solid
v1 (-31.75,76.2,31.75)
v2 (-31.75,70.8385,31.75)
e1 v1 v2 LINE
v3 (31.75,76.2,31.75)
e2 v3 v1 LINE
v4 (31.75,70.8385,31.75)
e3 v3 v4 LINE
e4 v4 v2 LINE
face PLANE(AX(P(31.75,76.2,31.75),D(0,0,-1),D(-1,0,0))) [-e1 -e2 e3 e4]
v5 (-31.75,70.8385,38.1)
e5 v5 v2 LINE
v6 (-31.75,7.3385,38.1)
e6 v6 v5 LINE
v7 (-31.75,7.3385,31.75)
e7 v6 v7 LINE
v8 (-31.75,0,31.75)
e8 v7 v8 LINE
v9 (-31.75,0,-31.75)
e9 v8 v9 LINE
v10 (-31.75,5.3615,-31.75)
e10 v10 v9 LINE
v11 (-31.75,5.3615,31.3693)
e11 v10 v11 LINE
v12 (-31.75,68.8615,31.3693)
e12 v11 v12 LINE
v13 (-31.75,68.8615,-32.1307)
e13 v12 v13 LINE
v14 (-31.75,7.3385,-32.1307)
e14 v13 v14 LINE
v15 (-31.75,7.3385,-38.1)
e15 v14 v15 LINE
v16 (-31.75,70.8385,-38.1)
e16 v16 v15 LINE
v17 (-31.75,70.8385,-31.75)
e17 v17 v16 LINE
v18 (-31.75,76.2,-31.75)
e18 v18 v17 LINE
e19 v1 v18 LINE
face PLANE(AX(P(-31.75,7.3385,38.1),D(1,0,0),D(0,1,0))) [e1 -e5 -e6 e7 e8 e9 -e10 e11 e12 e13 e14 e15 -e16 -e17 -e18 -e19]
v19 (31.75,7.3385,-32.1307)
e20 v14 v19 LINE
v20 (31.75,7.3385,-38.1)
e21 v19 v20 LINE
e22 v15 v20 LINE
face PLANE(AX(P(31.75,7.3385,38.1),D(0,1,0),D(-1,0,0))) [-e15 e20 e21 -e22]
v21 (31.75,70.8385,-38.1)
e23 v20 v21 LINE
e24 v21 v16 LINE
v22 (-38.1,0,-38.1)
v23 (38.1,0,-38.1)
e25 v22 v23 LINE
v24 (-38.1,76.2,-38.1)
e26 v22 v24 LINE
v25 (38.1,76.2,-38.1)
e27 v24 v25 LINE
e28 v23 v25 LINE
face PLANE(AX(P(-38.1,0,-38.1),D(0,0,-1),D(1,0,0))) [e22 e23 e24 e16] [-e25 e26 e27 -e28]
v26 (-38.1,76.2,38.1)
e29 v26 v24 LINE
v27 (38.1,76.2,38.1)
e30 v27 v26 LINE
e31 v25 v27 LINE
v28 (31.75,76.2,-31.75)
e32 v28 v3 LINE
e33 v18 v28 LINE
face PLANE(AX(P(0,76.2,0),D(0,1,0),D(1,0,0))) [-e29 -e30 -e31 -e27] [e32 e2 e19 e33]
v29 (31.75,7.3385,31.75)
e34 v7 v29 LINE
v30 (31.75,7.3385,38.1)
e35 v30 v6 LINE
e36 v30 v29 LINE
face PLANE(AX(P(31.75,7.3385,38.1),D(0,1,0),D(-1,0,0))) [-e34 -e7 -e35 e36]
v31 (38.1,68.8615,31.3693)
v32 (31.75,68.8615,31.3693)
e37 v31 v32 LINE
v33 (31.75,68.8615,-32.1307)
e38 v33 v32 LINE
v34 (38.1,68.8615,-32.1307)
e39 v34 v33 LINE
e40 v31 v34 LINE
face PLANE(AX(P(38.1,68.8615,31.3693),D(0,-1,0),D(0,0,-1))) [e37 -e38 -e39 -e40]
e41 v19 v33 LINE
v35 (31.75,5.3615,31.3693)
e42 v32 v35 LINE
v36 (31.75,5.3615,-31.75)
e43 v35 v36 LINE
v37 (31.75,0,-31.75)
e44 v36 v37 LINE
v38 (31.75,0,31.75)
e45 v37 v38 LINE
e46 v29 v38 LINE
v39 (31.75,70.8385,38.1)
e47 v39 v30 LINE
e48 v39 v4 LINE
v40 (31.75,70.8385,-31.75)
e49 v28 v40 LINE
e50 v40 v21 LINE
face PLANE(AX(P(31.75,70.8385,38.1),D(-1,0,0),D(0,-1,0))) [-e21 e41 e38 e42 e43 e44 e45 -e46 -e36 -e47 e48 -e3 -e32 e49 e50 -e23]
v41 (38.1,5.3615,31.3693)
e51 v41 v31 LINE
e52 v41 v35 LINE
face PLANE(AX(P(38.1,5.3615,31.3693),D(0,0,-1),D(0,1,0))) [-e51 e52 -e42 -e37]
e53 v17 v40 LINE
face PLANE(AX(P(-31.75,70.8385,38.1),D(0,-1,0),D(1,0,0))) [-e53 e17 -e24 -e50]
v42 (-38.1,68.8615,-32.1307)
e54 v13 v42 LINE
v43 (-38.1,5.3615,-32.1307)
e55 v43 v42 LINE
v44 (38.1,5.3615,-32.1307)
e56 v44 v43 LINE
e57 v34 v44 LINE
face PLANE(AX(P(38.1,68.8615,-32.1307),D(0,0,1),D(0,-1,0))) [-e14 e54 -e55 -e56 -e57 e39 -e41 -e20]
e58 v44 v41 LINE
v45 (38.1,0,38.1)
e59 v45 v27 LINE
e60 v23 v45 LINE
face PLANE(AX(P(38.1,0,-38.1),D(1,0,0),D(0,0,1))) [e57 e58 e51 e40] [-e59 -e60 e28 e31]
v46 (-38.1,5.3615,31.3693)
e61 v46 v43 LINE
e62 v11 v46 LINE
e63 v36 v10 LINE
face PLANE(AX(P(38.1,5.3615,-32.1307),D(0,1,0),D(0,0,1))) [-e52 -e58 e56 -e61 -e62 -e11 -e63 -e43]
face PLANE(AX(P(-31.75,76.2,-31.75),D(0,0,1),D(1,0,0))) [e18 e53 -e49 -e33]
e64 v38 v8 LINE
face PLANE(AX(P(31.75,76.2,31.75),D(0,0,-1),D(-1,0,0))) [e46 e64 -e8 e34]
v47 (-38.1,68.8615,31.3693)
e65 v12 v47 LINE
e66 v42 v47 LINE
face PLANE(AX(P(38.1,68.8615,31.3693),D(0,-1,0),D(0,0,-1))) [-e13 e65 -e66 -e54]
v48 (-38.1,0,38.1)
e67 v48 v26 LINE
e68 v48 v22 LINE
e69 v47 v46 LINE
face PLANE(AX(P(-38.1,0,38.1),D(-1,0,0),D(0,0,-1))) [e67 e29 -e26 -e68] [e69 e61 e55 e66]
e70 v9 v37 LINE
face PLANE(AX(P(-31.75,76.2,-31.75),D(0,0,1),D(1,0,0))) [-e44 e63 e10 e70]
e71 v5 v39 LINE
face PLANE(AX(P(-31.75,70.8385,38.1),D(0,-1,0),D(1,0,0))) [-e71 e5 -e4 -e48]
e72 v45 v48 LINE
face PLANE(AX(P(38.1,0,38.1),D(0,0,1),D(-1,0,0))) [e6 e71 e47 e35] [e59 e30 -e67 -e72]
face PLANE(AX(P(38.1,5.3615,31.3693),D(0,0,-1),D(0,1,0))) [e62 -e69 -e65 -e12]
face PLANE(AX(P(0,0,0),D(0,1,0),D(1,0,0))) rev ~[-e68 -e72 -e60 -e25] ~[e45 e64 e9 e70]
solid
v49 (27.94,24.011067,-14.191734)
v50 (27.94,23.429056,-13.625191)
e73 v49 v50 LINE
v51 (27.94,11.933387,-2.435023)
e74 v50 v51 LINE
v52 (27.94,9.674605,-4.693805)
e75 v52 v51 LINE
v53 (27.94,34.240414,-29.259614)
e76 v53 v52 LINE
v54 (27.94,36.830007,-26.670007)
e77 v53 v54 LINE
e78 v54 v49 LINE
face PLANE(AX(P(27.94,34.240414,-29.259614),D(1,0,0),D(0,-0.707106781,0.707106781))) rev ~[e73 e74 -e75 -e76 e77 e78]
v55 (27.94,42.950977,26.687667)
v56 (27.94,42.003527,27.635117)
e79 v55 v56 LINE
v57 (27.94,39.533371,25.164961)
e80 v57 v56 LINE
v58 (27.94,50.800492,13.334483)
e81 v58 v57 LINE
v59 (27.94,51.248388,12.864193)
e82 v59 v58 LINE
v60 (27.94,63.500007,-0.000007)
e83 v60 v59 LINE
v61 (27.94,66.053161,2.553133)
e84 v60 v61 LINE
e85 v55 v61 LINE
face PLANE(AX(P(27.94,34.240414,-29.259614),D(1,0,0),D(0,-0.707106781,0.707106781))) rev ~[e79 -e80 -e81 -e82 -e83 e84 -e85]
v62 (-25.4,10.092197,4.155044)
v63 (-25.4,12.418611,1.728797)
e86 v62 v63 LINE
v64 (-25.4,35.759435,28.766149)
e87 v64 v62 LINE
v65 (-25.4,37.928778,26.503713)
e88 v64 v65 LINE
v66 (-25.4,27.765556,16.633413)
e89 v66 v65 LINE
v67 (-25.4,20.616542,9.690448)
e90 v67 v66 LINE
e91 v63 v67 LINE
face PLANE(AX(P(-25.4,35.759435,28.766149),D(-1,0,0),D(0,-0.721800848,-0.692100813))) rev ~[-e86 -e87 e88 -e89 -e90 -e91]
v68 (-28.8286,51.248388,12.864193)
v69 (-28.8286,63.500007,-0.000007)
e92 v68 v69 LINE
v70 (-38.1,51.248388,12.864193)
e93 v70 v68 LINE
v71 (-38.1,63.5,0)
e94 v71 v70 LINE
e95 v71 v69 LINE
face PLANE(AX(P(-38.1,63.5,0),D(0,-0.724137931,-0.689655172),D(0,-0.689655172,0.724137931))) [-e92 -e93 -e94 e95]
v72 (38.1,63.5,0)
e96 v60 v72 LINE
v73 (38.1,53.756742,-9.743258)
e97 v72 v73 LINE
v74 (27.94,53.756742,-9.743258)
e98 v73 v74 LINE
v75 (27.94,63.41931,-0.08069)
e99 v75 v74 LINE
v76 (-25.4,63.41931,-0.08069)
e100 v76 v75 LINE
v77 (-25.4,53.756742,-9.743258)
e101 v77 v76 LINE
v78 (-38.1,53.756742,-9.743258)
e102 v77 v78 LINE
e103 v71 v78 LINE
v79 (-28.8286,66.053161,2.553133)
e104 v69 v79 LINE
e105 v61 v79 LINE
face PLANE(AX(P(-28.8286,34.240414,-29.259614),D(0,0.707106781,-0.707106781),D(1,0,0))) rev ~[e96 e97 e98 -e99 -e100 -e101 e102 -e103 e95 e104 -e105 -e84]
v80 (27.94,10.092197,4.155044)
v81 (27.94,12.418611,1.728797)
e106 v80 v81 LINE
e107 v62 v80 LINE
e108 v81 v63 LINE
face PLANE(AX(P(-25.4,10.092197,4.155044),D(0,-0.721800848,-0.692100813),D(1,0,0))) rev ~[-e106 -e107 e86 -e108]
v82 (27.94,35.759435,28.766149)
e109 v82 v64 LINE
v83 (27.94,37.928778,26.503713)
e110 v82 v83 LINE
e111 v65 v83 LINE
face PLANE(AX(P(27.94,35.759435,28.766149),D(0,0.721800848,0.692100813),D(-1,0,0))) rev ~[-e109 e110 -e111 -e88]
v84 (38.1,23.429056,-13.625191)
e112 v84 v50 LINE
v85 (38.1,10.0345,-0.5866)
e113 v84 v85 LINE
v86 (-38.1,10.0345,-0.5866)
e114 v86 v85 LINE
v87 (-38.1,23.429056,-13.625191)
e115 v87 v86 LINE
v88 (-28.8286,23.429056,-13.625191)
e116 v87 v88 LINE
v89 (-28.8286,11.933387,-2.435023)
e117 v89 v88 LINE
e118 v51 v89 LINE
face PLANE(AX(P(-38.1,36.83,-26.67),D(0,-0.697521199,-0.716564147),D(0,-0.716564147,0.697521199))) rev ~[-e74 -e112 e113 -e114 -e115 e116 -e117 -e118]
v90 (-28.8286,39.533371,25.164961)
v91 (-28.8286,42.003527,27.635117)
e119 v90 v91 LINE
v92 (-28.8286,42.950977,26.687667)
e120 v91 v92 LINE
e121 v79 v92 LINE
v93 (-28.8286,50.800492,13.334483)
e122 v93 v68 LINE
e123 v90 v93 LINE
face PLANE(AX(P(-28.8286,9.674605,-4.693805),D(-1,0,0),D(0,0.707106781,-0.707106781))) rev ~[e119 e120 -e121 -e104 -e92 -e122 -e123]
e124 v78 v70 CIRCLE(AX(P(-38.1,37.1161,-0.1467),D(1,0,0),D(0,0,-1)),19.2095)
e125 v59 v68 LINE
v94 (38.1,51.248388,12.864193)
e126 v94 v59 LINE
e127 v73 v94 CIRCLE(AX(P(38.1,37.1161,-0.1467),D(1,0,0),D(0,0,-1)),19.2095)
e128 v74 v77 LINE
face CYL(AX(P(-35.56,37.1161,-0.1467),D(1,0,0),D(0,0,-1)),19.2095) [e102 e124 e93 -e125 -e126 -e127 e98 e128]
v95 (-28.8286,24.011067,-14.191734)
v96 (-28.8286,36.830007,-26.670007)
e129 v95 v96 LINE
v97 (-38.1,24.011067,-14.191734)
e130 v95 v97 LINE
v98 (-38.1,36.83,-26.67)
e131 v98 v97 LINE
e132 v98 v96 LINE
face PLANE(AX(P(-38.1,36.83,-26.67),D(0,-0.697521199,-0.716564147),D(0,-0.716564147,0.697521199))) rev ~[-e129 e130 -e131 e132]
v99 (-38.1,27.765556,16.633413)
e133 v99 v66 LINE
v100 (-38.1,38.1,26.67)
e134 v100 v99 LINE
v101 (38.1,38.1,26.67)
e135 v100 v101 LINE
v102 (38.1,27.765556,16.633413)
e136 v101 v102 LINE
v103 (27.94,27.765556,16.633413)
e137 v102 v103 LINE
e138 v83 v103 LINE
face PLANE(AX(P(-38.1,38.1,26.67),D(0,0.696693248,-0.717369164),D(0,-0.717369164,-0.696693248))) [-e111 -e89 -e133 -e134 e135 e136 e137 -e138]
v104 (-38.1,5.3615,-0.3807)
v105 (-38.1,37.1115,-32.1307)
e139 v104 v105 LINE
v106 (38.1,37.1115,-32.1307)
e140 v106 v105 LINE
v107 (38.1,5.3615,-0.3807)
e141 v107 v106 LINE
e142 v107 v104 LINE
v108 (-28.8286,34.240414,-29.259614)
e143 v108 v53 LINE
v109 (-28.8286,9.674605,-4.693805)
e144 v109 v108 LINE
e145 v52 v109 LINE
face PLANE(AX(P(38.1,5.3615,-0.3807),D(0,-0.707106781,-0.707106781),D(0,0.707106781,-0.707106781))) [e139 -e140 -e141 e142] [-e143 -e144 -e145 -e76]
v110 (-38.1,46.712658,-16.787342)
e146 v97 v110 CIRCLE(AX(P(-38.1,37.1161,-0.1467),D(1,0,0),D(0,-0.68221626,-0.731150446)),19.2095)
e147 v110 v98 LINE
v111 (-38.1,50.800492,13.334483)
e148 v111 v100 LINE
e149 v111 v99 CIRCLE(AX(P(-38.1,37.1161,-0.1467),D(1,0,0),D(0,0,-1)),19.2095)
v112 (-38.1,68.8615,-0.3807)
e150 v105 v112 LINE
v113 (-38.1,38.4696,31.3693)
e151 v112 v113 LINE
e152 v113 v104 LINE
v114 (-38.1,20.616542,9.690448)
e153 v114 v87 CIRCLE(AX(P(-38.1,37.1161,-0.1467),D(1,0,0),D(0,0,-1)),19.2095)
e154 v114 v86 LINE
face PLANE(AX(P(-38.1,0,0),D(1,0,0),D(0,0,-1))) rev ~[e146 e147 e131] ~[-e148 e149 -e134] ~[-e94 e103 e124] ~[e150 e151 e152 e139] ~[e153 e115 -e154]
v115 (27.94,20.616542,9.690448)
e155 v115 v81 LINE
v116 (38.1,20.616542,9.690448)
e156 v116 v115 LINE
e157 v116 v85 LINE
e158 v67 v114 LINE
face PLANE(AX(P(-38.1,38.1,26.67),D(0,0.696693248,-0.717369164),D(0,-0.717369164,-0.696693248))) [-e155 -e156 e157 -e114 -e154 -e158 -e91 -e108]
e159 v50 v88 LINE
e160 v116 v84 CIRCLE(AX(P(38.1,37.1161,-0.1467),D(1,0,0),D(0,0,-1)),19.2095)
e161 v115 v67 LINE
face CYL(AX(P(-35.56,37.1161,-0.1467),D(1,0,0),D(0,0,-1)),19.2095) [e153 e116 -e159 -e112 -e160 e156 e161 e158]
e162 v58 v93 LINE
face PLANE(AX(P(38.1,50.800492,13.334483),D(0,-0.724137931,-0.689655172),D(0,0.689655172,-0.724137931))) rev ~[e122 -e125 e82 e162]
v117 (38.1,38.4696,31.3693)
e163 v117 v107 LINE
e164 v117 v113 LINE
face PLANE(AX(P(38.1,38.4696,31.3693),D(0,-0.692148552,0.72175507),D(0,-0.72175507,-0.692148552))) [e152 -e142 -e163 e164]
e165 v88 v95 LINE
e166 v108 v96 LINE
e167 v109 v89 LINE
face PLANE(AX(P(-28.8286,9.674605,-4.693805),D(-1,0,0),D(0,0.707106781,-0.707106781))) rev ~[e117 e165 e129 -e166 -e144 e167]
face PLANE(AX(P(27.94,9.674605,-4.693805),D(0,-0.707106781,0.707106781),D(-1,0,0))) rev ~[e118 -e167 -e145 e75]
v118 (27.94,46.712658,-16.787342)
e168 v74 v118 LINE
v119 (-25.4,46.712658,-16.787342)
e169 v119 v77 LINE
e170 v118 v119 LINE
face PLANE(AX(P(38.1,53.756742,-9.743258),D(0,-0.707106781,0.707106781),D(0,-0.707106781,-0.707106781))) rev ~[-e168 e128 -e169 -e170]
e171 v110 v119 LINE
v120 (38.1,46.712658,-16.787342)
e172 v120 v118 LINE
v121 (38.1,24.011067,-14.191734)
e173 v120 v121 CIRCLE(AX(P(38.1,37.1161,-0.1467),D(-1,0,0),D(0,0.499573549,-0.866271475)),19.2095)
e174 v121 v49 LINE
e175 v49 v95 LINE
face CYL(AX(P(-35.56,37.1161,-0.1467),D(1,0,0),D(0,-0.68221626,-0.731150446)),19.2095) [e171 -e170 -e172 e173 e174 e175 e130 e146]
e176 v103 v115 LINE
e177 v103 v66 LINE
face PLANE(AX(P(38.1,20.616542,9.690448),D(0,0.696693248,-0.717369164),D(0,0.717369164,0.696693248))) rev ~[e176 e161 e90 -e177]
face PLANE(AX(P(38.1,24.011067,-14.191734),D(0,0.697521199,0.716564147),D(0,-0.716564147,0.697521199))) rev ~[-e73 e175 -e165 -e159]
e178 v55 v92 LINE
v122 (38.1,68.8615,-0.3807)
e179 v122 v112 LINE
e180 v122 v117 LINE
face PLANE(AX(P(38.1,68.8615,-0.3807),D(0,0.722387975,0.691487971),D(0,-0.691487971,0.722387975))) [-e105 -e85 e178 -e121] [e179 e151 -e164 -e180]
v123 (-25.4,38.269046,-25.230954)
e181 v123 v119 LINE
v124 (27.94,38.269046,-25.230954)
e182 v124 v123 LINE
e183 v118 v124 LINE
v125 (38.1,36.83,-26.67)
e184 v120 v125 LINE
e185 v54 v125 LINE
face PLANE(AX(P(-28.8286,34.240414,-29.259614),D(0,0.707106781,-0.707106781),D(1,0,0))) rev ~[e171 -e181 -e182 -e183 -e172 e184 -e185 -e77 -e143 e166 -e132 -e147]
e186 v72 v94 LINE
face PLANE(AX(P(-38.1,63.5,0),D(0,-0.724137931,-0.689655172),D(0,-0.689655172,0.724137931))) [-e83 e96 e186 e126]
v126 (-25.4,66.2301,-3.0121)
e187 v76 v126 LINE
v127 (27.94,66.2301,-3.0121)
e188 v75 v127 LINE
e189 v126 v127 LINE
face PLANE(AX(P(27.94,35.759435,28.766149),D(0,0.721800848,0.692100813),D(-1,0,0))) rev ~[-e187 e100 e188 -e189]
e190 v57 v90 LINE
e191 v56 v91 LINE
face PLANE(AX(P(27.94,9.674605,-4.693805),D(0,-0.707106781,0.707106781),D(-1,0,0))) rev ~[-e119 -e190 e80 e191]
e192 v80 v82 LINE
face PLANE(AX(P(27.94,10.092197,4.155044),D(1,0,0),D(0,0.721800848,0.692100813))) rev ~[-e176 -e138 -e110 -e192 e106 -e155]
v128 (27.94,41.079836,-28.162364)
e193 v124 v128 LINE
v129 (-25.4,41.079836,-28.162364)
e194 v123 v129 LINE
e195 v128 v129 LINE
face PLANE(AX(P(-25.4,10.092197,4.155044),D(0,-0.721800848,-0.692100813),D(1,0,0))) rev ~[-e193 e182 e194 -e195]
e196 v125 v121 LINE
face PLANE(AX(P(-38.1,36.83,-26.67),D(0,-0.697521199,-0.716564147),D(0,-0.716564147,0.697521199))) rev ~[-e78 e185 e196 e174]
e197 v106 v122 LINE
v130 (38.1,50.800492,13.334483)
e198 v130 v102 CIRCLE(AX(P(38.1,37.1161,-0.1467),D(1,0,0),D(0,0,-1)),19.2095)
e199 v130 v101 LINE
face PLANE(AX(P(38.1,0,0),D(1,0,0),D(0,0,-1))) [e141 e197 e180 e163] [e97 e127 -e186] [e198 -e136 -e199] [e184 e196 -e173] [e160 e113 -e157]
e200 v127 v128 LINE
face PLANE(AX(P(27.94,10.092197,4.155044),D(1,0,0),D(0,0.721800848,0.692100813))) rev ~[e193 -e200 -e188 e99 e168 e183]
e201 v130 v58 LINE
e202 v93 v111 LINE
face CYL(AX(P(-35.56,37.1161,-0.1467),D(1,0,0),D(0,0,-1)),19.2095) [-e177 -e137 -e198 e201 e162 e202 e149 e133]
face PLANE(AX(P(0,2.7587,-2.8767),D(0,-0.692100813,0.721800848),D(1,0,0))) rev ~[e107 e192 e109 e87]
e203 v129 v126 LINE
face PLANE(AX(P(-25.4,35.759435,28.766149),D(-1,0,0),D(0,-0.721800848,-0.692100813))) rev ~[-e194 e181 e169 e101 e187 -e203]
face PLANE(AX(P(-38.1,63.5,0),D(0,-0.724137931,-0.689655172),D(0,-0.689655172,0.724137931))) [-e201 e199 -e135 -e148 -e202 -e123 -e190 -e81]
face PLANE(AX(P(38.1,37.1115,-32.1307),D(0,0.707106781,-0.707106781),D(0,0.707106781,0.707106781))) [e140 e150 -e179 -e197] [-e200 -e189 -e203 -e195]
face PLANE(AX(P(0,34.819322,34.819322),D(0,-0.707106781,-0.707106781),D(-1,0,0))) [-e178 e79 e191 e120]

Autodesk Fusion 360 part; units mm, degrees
sketch "Sketch1" plane through (0, 0, 0) normal (0, 1, 0) x (1, 0, 0)
  line L0 (-38.1, 38.1) -> (38.1, 38.1)
  line L1 (38.1, 38.1) -> (38.1, -38.1)
  line L2 (38.1, -38.1) -> (-38.1, -38.1)
  line L3 (-38.1, -38.1) -> (-38.1, 38.1)
  line L4 (-38.1, 38.1) -> (38.1, -38.1) construction
  line L5 (38.1, 38.1) -> (-38.1, -38.1) construction
  dimension "d1" = 76.2
  dimension "d2" = 76.2
extrude "Extrude1" add sketch "Sketch1" along normal blind 76.2 makes body 1
sketch "Sketch2" plane through (0, 76.2, 0) normal (0, 1, 0) x (-1, 0, 0)
  line L0 (38.1, 38.1) -> (-38.1, 38.1)
  line L1 (-38.1, 38.1) -> (-38.1, -38.1)
  line L2 (-38.1, -38.1) -> (38.1, -38.1)
  line L3 (38.1, -38.1) -> (38.1, 38.1)
  line L4 (31.75, -31.75) -> (-31.75, -31.75)
  line L5 (-31.75, -31.75) -> (-31.75, 31.75)
  line L6 (-31.75, 31.75) -> (31.75, 31.75)
  line L7 (31.75, 31.75) -> (31.75, -31.75)
  line L8 (31.75, -31.75) -> (-31.75, 31.75) construction
  line L9 (-31.75, -31.75) -> (31.75, 31.75) construction
  dimension "d5" = 63.5
  dimension "d6" = 63.5
extrude "Extrude2" cut sketch "Sketch2" against normal blind 81.28 contours L4 L5 L6 L7 bodies 1
sketch "Sketch3" plane through (0, 0, 38.1) normal (0, 0, 1) x (1, 0, 0)
  line L0 (-38.1, 0) -> (38.1, 0)
  line L1 (38.1, 0) -> (38.1, 76.2)
  line L2 (38.1, 76.2) -> (-38.1, 76.2)
  line L3 (-38.1, 76.2) -> (-38.1, 0)
  line L4 (-31.75, 70.8385) -> (31.75, 70.8385)
  line L5 (31.75, 70.8385) -> (31.75, 7.3385)
  line L6 (31.75, 7.3385) -> (-31.75, 7.3385)
  line L7 (-31.75, 7.3385) -> (-31.75, 70.8385)
  line L8 (-31.75, 70.8385) -> (31.75, 7.3385) construction
  line L9 (31.75, 70.8385) -> (-31.75, 7.3385) construction
  line L10 (-31.75, 76.2) -> (-31.75, 0)
  point P0 (0, 39.0885)
  dimension "d9" = 63.5
  dimension "d10" = 63.5
extrude "Extrude3" cut sketch "Sketch3" against normal blind 78.74 contours L4 L5 L6 L7 L10 bodies 1
sketch "Sketch4" plane through (38.1, 0, 0) normal (1, 0, 0) x (0, 0, -1)
  line L0 (-38.1, 0) -> (38.1, 0)
  line L1 (38.1, 0) -> (38.1, 76.2)
  line L2 (38.1, 76.2) -> (-38.1, 76.2)
  line L3 (-38.1, 76.2) -> (-38.1, 0)
  line L4 (-31.3693, 68.8615) -> (32.1307, 68.8615)
  line L5 (32.1307, 68.8615) -> (32.1307, 5.3615)
  line L6 (32.1307, 5.3615) -> (-31.3693, 5.3615)
  line L7 (-31.3693, 5.3615) -> (-31.3693, 68.8615)
  line L8 (-31.3693, 68.8615) -> (32.1307, 5.3615) construction
  line L9 (32.1307, 68.8615) -> (-31.3693, 5.3615) construction
  point P0 (0.3807, 37.1115)
  dimension "d13" = 63.5
  dimension "d14" = 63.5
extrude "Extrude4" cut sketch "Sketch4" against normal blind 81.28 contours L4 L5 L6 L7 bodies 1
sketch "Sketch5" plane through (0, 0, 0) normal (1, 0, 0) x (0, 0, -1)
sketch "Sketch6" plane through (38.1, 0, 0) normal (1, 0, 0) x (0, 0, -1)
  line L0 (32.1307, 68.8615) -> (32.1307, 5.3615)
  line L1 (32.1307, 5.3615) -> (-31.3693, 5.3615)
  line L2 (-31.3693, 5.3615) -> (-31.3693, 68.8615)
  line L3 (-31.3693, 68.8615) -> (32.1307, 68.8615)
  line L4 (-38.1, 0) -> (38.1, 0)
  line L5 (38.1, 0) -> (38.1, 76.2)
  line L6 (38.1, 76.2) -> (-38.1, 76.2)
  line L7 (-38.1, 76.2) -> (-38.1, 0)
  line L8 (0.3807, 68.8615) -> (-31.3693, 38.4696)
  line L9 (-31.3693, 38.4696) -> (0.3807, 5.3615)
  line L10 (0.3807, 5.3615) -> (32.1307, 37.1115)
  line L11 (32.1307, 37.1115) -> (0.3807, 68.8615)
  point P0 (0.5787, 32.6023)
  point P1 (0.5786, 31.857)
extrude "Extrude5" add sketch "Sketch6" against normal blind 76.2 separate body contours L8 L9 L10 L11 makes body 2
sketch "Sketch7" plane through (-38.1, 0, 0) normal (-1, 0, 0) x (0, 0, 1)
  line L0 (-0.3807, 68.8615) -> (-32.1307, 37.1115)
  line L1 (-32.1307, 37.1115) -> (-0.3807, 5.3615)
  line L2 (-0.3807, 5.3615) -> (31.3693, 38.4696)
  line L3 (31.3693, 38.4696) -> (-0.3807, 68.8615)
  line L4 (0, 63.5) -> (26.67, 38.1)
  line L5 (0, 63.5) -> (-26.67, 36.83)
  line L6 (-26.67, 36.83) -> (-0.5866, 10.0345)
  line L7 (26.67, 38.1) -> (-0.5866, 10.0345)
extrude "Extrude6" cut sketch "Sketch7" against normal blind 76.2 contours L4 L5 L6 L7 bodies 2
sketch "Sketch8" plane through (0, 2.7587, -2.8767) normal (0, -0.6921, 0.7218) x (1, 0, 0)
  line L0 (38.1, 3.6062) -> (38.1, 49.4778)
  line L1 (38.1, 49.4778) -> (-38.1, 49.4778)
  line L2 (-38.1, 49.4778) -> (-38.1, 3.6062)
  line L3 (-38.1, 3.6062) -> (38.1, 3.6062)
  line L4 (-25.4, 45.72) -> (-25.4, 10.16)
  line L5 (-25.4, 10.16) -> (27.94, 10.16)
  line L6 (27.94, 10.16) -> (27.94, 45.72)
  line L7 (27.94, 45.72) -> (-25.4, 45.72)
extrude "Extrude7" cut sketch "Sketch8" against normal blind 45.72 contours L4 L5 L6 L7 bodies 2
sketch "Sketch9" plane through (0, 2.4904, 2.4904) normal (0, -0.7071, -0.7071) x (-1, 0, 0)
  line L0 (-38.1, 48.9616) -> (-38.1, 4.0604)
  line L1 (-38.1, 4.0604) -> (38.1, 4.0604)
  line L2 (38.1, 4.0604) -> (38.1, 48.9616)
  line L3 (38.1, 48.9616) -> (-38.1, 48.9616)
  line L4 (-27.94, 10.16) -> (28.8286, 10.16)
  line L5 (28.8286, 10.16) -> (28.8286, 44.9013)
  line L6 (28.8286, 44.9013) -> (-27.94, 44.9013)
  line L7 (-27.94, 44.9013) -> (-27.94, 10.16)
extrude "Extrude8" cut sketch "Sketch9" against normal blind 45.72 contours L4 L5 L6 L7 bodies 2
sketch "Sketch10" plane through (38.1, 0, 0) normal (1, 0, 0) x (0, 0, -1)
  line L0 (26.67, 36.83) -> (0.5866, 10.0345)
  line L1 (0.5866, 10.0345) -> (-26.67, 38.1)
  line L2 (-26.67, 38.1) -> (0, 63.5)
  line L3 (0, 63.5) -> (26.67, 36.83)
  line L4 (32.1307, 37.1115) -> (0.3807, 68.8615)
  line L5 (0.3807, 68.8615) -> (-31.3693, 38.4696)
  line L6 (-31.3693, 38.4696) -> (0.3807, 5.3615)
  line L7 (0.3807, 5.3615) -> (32.1307, 37.1115)
  circle A0 centre (0.1467, 37.1161) radius 19.2095
extrude "Extrude9" add sketch "Sketch10" against normal blind 73.66 contours L0 L1 L2 L3 A0 bodies 2
extrude "Extrude10" add 1 faces at (-35.56, 41.068, -3.9719) along direction (-1, 0, 0) blind 2.54 on bodies 2 bodies 2
